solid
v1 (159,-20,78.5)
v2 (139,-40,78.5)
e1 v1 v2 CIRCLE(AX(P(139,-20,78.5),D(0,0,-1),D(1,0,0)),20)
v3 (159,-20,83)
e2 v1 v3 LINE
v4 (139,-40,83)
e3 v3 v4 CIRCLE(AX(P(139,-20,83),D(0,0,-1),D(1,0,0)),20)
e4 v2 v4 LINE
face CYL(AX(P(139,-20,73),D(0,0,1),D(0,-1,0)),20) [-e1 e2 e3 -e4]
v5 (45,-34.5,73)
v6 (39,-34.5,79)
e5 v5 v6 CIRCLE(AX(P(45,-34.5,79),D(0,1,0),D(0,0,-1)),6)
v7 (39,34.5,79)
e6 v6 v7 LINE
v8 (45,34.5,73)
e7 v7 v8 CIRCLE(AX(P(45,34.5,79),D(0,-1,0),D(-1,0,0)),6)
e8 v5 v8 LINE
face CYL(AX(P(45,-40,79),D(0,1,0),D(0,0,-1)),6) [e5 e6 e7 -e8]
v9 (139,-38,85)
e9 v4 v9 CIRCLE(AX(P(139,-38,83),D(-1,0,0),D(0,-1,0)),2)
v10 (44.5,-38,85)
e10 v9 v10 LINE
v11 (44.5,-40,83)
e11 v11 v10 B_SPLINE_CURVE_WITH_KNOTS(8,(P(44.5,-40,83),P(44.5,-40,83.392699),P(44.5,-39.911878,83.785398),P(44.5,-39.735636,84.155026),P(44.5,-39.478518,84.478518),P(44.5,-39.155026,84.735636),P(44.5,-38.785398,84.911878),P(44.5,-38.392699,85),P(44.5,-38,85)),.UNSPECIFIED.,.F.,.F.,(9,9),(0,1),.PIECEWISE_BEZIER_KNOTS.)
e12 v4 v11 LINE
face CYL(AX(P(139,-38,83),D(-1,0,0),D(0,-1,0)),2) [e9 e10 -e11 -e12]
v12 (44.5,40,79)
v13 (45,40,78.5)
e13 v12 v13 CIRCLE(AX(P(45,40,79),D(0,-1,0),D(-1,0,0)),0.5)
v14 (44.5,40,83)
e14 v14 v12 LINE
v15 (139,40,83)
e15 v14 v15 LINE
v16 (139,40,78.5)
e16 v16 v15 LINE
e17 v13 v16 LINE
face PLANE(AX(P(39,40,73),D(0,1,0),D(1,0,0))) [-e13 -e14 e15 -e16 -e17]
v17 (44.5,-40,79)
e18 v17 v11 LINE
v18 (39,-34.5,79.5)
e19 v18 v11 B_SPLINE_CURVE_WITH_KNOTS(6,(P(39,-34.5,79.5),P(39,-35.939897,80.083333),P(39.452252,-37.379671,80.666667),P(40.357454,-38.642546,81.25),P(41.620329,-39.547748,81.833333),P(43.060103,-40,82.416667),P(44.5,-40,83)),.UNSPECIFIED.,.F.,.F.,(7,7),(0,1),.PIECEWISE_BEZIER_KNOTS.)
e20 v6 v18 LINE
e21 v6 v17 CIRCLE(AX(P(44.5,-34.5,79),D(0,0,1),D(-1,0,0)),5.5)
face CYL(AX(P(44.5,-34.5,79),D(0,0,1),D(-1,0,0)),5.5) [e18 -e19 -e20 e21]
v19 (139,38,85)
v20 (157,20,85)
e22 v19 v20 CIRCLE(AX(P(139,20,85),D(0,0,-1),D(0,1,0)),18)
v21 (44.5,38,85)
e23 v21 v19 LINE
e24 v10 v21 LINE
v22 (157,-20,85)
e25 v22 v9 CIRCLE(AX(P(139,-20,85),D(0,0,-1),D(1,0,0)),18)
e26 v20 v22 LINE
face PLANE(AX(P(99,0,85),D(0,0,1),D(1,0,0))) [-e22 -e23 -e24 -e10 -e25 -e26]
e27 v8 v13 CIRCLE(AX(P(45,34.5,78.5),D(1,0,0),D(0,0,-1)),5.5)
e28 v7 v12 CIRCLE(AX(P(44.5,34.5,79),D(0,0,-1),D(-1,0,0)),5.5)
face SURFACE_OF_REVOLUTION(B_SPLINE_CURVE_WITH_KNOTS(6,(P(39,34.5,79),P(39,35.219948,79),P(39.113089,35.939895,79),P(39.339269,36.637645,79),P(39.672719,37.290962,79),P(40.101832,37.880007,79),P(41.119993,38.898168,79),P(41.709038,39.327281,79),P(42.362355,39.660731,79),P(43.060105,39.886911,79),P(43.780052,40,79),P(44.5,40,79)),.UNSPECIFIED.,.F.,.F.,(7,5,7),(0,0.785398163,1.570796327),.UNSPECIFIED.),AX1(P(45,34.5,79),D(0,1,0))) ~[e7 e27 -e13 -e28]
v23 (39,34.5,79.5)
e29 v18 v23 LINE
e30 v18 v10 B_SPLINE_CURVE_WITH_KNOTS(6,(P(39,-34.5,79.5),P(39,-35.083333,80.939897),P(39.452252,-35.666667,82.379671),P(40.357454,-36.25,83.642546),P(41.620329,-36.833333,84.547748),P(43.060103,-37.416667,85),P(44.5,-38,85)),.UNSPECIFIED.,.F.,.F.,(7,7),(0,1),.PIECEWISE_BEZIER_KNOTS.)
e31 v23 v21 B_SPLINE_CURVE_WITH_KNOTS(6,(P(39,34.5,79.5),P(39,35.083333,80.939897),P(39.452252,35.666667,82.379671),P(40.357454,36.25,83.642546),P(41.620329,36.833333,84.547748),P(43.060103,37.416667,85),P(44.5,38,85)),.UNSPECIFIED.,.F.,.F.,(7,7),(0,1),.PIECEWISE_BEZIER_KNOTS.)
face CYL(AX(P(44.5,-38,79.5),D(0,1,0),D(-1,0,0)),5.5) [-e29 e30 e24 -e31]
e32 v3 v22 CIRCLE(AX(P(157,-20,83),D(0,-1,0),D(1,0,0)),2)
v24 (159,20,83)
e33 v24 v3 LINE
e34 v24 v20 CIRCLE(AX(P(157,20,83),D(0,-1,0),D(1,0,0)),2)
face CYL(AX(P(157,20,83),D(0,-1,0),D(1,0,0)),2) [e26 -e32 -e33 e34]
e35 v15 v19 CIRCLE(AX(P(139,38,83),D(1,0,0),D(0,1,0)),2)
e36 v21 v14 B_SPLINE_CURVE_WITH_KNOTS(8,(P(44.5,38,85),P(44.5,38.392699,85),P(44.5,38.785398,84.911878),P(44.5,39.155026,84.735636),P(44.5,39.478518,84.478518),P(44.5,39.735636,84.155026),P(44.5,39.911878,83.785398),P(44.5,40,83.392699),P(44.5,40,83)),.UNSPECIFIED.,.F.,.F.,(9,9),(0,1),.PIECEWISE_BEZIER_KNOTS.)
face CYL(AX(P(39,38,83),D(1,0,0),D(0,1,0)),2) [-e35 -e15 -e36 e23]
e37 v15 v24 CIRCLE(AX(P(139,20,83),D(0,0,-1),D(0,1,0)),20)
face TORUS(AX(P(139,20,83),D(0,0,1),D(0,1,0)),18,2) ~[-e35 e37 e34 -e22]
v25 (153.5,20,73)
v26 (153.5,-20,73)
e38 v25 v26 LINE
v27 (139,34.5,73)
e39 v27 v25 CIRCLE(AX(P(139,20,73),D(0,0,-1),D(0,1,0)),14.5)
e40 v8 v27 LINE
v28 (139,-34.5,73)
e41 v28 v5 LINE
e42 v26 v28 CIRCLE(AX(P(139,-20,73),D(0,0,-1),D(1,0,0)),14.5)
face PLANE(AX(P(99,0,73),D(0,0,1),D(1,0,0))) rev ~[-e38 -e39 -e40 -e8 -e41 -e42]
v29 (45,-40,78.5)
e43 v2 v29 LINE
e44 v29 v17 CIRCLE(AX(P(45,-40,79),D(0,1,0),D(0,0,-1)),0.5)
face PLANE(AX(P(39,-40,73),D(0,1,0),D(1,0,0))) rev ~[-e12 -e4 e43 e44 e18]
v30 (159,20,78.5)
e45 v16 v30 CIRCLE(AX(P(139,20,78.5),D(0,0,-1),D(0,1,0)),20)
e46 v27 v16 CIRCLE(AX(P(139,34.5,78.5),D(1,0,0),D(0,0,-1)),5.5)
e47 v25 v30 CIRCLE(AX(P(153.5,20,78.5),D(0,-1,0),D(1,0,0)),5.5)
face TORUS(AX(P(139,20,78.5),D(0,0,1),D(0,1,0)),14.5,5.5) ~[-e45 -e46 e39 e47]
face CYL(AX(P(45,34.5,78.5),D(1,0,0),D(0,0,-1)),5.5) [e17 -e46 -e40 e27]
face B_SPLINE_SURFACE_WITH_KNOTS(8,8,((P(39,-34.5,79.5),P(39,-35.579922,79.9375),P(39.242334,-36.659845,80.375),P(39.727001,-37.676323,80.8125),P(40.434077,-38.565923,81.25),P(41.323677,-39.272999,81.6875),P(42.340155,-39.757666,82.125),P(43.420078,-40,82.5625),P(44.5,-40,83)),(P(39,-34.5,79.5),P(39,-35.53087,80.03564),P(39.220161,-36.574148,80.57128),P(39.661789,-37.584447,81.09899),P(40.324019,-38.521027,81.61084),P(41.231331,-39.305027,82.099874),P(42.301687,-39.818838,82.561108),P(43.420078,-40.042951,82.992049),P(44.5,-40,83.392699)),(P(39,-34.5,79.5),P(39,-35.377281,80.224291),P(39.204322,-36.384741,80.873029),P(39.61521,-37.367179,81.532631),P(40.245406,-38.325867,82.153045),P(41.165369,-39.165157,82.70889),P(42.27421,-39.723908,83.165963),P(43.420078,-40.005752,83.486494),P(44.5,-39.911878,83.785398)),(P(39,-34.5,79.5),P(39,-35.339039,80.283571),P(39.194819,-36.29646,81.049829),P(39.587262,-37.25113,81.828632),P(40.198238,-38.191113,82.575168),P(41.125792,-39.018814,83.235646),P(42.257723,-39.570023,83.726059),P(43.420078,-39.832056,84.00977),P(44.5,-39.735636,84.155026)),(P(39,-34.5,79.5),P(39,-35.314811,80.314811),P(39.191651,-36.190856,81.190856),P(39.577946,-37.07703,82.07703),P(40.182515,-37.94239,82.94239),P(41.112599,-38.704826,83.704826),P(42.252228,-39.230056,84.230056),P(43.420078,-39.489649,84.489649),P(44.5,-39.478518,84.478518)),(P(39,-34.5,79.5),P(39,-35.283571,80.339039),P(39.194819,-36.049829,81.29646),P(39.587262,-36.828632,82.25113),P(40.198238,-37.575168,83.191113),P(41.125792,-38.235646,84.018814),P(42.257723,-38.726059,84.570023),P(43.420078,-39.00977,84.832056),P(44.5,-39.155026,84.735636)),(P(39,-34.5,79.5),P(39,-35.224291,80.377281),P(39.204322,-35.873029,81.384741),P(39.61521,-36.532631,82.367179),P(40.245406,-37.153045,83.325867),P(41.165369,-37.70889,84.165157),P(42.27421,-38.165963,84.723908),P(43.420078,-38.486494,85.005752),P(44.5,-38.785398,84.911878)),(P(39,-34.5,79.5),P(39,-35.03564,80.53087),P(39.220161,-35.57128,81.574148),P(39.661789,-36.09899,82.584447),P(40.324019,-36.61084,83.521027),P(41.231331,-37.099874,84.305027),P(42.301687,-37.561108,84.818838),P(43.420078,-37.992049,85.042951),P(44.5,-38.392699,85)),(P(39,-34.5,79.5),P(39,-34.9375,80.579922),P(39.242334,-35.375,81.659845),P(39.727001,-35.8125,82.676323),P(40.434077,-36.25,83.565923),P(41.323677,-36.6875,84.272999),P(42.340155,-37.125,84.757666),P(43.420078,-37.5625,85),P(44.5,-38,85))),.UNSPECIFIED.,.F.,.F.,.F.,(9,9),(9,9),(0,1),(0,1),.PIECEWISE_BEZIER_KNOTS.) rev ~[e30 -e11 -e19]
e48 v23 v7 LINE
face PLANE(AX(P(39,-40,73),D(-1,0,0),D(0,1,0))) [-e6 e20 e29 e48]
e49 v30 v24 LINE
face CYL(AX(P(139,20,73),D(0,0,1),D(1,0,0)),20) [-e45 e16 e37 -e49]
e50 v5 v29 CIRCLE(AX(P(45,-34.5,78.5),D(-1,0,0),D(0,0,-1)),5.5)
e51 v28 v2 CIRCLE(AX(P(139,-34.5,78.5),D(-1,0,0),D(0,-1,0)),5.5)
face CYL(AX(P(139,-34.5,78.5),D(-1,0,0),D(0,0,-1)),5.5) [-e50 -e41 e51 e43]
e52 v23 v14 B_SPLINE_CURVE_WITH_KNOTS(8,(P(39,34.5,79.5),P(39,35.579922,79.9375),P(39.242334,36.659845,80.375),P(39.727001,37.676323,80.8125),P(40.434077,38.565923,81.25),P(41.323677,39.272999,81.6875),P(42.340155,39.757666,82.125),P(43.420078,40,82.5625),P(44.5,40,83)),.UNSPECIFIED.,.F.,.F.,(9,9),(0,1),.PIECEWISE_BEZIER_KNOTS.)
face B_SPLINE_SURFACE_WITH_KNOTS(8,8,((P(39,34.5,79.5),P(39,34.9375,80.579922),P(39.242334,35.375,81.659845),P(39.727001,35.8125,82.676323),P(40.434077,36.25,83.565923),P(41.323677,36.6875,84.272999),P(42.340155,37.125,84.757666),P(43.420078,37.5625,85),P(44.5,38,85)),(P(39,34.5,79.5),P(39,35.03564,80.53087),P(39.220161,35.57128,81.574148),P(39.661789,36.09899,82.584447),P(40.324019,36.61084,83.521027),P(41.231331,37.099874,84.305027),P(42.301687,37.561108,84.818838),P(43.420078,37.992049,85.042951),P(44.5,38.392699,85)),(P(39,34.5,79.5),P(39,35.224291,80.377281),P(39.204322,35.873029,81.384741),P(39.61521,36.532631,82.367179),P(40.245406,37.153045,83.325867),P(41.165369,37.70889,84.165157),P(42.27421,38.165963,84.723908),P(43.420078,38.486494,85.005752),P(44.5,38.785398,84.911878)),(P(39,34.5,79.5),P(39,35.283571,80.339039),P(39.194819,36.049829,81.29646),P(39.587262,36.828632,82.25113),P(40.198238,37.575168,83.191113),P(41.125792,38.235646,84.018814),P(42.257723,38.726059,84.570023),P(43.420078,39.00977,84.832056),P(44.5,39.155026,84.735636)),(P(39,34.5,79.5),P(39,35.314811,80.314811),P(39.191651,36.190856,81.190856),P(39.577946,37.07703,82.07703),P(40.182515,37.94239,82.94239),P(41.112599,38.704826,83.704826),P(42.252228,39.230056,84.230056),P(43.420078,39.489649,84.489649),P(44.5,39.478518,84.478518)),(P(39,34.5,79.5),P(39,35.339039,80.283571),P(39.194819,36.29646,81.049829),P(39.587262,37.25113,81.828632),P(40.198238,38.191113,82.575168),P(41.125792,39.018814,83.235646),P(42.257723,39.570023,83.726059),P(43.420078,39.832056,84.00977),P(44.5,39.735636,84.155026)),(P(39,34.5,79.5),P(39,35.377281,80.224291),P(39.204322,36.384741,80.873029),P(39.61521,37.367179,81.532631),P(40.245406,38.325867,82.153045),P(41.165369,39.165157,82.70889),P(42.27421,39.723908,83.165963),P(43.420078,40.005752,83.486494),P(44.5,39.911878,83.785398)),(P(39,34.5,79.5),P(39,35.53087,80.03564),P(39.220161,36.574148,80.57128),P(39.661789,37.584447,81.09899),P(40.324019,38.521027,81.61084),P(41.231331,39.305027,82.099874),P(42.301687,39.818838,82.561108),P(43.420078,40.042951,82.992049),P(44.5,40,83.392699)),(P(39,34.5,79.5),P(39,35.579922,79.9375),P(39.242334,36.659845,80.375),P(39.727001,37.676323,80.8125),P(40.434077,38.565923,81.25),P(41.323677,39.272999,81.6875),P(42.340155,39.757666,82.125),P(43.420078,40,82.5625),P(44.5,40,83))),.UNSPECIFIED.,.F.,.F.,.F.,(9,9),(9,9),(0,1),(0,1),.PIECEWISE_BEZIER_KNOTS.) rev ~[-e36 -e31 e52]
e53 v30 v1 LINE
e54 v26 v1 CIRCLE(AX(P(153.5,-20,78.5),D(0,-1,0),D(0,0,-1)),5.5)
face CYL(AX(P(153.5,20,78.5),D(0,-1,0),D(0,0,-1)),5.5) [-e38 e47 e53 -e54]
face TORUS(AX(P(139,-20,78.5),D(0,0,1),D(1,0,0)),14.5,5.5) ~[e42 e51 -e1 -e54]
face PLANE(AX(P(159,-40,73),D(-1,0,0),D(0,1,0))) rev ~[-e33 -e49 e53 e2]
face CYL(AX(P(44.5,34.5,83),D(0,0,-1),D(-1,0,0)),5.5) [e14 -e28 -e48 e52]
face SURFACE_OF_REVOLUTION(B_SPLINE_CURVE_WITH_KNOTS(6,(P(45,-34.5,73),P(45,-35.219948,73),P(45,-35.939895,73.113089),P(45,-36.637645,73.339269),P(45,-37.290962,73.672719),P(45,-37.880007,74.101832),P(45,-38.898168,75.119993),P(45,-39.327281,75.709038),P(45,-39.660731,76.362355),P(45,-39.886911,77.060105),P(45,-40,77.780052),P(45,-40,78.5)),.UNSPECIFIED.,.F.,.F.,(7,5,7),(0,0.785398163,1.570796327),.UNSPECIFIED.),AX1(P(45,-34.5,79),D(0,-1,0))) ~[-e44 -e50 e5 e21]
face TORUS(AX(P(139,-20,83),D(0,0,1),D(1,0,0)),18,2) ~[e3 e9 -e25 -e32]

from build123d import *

# Parameters (mm, degrees)
BOX001001011_W     = 120
BOX001001011_H     = 80
BOX001001011_DEPTH = 12
FILLET003002007_R  = 20
FILLET003002008_R  = 20
FILLET003002009_R  = 6
FILLET003002010_R  = 2
FILLET003002011_R  = 5.5


with BuildPart() as part:
    # Box001001011 → Box001001011 (new body)
    with BuildSketch(Plane(origin=(39, -40, 73), x_dir=(1, 0, 0), z_dir=(0, 0, 1))):
        with Locations((60, 40)):
            Rectangle(BOX001001011_W, BOX001001011_H)
    extrude(amount=BOX001001011_DEPTH)

    # Fillet003002007
    fillet003002007_edges = [part.edges().sort_by_distance(p)[0] for p in [
        (159, -40, 79),
    ]]
    fillet(fillet003002007_edges, radius=FILLET003002007_R)

    # Fillet003002008
    fillet003002008_edges = [part.edges().sort_by_distance(p)[0] for p in [
        (159, 40, 79),
    ]]
    fillet(fillet003002008_edges, radius=FILLET003002008_R)

    # Fillet003002009
    fillet003002009_edges = [part.edges().sort_by_distance(p)[0] for p in [
        (39, 0, 73),
    ]]
    fillet(fillet003002009_edges, radius=FILLET003002009_R)

    # Fillet003002010
    fillet003002010_edges = [part.edges().sort_by_distance(p)[0] for p in [
        (89, 40, 85),
    ]]
    fillet(fillet003002010_edges, radius=FILLET003002010_R)

    # Fillet003002011
    fillet003002011_edges = [part.edges().sort_by_distance(p)[0] for p in [
        (39, 0, 85),
    ]]
    fillet(fillet003002011_edges, radius=FILLET003002011_R)


solid = part.part
